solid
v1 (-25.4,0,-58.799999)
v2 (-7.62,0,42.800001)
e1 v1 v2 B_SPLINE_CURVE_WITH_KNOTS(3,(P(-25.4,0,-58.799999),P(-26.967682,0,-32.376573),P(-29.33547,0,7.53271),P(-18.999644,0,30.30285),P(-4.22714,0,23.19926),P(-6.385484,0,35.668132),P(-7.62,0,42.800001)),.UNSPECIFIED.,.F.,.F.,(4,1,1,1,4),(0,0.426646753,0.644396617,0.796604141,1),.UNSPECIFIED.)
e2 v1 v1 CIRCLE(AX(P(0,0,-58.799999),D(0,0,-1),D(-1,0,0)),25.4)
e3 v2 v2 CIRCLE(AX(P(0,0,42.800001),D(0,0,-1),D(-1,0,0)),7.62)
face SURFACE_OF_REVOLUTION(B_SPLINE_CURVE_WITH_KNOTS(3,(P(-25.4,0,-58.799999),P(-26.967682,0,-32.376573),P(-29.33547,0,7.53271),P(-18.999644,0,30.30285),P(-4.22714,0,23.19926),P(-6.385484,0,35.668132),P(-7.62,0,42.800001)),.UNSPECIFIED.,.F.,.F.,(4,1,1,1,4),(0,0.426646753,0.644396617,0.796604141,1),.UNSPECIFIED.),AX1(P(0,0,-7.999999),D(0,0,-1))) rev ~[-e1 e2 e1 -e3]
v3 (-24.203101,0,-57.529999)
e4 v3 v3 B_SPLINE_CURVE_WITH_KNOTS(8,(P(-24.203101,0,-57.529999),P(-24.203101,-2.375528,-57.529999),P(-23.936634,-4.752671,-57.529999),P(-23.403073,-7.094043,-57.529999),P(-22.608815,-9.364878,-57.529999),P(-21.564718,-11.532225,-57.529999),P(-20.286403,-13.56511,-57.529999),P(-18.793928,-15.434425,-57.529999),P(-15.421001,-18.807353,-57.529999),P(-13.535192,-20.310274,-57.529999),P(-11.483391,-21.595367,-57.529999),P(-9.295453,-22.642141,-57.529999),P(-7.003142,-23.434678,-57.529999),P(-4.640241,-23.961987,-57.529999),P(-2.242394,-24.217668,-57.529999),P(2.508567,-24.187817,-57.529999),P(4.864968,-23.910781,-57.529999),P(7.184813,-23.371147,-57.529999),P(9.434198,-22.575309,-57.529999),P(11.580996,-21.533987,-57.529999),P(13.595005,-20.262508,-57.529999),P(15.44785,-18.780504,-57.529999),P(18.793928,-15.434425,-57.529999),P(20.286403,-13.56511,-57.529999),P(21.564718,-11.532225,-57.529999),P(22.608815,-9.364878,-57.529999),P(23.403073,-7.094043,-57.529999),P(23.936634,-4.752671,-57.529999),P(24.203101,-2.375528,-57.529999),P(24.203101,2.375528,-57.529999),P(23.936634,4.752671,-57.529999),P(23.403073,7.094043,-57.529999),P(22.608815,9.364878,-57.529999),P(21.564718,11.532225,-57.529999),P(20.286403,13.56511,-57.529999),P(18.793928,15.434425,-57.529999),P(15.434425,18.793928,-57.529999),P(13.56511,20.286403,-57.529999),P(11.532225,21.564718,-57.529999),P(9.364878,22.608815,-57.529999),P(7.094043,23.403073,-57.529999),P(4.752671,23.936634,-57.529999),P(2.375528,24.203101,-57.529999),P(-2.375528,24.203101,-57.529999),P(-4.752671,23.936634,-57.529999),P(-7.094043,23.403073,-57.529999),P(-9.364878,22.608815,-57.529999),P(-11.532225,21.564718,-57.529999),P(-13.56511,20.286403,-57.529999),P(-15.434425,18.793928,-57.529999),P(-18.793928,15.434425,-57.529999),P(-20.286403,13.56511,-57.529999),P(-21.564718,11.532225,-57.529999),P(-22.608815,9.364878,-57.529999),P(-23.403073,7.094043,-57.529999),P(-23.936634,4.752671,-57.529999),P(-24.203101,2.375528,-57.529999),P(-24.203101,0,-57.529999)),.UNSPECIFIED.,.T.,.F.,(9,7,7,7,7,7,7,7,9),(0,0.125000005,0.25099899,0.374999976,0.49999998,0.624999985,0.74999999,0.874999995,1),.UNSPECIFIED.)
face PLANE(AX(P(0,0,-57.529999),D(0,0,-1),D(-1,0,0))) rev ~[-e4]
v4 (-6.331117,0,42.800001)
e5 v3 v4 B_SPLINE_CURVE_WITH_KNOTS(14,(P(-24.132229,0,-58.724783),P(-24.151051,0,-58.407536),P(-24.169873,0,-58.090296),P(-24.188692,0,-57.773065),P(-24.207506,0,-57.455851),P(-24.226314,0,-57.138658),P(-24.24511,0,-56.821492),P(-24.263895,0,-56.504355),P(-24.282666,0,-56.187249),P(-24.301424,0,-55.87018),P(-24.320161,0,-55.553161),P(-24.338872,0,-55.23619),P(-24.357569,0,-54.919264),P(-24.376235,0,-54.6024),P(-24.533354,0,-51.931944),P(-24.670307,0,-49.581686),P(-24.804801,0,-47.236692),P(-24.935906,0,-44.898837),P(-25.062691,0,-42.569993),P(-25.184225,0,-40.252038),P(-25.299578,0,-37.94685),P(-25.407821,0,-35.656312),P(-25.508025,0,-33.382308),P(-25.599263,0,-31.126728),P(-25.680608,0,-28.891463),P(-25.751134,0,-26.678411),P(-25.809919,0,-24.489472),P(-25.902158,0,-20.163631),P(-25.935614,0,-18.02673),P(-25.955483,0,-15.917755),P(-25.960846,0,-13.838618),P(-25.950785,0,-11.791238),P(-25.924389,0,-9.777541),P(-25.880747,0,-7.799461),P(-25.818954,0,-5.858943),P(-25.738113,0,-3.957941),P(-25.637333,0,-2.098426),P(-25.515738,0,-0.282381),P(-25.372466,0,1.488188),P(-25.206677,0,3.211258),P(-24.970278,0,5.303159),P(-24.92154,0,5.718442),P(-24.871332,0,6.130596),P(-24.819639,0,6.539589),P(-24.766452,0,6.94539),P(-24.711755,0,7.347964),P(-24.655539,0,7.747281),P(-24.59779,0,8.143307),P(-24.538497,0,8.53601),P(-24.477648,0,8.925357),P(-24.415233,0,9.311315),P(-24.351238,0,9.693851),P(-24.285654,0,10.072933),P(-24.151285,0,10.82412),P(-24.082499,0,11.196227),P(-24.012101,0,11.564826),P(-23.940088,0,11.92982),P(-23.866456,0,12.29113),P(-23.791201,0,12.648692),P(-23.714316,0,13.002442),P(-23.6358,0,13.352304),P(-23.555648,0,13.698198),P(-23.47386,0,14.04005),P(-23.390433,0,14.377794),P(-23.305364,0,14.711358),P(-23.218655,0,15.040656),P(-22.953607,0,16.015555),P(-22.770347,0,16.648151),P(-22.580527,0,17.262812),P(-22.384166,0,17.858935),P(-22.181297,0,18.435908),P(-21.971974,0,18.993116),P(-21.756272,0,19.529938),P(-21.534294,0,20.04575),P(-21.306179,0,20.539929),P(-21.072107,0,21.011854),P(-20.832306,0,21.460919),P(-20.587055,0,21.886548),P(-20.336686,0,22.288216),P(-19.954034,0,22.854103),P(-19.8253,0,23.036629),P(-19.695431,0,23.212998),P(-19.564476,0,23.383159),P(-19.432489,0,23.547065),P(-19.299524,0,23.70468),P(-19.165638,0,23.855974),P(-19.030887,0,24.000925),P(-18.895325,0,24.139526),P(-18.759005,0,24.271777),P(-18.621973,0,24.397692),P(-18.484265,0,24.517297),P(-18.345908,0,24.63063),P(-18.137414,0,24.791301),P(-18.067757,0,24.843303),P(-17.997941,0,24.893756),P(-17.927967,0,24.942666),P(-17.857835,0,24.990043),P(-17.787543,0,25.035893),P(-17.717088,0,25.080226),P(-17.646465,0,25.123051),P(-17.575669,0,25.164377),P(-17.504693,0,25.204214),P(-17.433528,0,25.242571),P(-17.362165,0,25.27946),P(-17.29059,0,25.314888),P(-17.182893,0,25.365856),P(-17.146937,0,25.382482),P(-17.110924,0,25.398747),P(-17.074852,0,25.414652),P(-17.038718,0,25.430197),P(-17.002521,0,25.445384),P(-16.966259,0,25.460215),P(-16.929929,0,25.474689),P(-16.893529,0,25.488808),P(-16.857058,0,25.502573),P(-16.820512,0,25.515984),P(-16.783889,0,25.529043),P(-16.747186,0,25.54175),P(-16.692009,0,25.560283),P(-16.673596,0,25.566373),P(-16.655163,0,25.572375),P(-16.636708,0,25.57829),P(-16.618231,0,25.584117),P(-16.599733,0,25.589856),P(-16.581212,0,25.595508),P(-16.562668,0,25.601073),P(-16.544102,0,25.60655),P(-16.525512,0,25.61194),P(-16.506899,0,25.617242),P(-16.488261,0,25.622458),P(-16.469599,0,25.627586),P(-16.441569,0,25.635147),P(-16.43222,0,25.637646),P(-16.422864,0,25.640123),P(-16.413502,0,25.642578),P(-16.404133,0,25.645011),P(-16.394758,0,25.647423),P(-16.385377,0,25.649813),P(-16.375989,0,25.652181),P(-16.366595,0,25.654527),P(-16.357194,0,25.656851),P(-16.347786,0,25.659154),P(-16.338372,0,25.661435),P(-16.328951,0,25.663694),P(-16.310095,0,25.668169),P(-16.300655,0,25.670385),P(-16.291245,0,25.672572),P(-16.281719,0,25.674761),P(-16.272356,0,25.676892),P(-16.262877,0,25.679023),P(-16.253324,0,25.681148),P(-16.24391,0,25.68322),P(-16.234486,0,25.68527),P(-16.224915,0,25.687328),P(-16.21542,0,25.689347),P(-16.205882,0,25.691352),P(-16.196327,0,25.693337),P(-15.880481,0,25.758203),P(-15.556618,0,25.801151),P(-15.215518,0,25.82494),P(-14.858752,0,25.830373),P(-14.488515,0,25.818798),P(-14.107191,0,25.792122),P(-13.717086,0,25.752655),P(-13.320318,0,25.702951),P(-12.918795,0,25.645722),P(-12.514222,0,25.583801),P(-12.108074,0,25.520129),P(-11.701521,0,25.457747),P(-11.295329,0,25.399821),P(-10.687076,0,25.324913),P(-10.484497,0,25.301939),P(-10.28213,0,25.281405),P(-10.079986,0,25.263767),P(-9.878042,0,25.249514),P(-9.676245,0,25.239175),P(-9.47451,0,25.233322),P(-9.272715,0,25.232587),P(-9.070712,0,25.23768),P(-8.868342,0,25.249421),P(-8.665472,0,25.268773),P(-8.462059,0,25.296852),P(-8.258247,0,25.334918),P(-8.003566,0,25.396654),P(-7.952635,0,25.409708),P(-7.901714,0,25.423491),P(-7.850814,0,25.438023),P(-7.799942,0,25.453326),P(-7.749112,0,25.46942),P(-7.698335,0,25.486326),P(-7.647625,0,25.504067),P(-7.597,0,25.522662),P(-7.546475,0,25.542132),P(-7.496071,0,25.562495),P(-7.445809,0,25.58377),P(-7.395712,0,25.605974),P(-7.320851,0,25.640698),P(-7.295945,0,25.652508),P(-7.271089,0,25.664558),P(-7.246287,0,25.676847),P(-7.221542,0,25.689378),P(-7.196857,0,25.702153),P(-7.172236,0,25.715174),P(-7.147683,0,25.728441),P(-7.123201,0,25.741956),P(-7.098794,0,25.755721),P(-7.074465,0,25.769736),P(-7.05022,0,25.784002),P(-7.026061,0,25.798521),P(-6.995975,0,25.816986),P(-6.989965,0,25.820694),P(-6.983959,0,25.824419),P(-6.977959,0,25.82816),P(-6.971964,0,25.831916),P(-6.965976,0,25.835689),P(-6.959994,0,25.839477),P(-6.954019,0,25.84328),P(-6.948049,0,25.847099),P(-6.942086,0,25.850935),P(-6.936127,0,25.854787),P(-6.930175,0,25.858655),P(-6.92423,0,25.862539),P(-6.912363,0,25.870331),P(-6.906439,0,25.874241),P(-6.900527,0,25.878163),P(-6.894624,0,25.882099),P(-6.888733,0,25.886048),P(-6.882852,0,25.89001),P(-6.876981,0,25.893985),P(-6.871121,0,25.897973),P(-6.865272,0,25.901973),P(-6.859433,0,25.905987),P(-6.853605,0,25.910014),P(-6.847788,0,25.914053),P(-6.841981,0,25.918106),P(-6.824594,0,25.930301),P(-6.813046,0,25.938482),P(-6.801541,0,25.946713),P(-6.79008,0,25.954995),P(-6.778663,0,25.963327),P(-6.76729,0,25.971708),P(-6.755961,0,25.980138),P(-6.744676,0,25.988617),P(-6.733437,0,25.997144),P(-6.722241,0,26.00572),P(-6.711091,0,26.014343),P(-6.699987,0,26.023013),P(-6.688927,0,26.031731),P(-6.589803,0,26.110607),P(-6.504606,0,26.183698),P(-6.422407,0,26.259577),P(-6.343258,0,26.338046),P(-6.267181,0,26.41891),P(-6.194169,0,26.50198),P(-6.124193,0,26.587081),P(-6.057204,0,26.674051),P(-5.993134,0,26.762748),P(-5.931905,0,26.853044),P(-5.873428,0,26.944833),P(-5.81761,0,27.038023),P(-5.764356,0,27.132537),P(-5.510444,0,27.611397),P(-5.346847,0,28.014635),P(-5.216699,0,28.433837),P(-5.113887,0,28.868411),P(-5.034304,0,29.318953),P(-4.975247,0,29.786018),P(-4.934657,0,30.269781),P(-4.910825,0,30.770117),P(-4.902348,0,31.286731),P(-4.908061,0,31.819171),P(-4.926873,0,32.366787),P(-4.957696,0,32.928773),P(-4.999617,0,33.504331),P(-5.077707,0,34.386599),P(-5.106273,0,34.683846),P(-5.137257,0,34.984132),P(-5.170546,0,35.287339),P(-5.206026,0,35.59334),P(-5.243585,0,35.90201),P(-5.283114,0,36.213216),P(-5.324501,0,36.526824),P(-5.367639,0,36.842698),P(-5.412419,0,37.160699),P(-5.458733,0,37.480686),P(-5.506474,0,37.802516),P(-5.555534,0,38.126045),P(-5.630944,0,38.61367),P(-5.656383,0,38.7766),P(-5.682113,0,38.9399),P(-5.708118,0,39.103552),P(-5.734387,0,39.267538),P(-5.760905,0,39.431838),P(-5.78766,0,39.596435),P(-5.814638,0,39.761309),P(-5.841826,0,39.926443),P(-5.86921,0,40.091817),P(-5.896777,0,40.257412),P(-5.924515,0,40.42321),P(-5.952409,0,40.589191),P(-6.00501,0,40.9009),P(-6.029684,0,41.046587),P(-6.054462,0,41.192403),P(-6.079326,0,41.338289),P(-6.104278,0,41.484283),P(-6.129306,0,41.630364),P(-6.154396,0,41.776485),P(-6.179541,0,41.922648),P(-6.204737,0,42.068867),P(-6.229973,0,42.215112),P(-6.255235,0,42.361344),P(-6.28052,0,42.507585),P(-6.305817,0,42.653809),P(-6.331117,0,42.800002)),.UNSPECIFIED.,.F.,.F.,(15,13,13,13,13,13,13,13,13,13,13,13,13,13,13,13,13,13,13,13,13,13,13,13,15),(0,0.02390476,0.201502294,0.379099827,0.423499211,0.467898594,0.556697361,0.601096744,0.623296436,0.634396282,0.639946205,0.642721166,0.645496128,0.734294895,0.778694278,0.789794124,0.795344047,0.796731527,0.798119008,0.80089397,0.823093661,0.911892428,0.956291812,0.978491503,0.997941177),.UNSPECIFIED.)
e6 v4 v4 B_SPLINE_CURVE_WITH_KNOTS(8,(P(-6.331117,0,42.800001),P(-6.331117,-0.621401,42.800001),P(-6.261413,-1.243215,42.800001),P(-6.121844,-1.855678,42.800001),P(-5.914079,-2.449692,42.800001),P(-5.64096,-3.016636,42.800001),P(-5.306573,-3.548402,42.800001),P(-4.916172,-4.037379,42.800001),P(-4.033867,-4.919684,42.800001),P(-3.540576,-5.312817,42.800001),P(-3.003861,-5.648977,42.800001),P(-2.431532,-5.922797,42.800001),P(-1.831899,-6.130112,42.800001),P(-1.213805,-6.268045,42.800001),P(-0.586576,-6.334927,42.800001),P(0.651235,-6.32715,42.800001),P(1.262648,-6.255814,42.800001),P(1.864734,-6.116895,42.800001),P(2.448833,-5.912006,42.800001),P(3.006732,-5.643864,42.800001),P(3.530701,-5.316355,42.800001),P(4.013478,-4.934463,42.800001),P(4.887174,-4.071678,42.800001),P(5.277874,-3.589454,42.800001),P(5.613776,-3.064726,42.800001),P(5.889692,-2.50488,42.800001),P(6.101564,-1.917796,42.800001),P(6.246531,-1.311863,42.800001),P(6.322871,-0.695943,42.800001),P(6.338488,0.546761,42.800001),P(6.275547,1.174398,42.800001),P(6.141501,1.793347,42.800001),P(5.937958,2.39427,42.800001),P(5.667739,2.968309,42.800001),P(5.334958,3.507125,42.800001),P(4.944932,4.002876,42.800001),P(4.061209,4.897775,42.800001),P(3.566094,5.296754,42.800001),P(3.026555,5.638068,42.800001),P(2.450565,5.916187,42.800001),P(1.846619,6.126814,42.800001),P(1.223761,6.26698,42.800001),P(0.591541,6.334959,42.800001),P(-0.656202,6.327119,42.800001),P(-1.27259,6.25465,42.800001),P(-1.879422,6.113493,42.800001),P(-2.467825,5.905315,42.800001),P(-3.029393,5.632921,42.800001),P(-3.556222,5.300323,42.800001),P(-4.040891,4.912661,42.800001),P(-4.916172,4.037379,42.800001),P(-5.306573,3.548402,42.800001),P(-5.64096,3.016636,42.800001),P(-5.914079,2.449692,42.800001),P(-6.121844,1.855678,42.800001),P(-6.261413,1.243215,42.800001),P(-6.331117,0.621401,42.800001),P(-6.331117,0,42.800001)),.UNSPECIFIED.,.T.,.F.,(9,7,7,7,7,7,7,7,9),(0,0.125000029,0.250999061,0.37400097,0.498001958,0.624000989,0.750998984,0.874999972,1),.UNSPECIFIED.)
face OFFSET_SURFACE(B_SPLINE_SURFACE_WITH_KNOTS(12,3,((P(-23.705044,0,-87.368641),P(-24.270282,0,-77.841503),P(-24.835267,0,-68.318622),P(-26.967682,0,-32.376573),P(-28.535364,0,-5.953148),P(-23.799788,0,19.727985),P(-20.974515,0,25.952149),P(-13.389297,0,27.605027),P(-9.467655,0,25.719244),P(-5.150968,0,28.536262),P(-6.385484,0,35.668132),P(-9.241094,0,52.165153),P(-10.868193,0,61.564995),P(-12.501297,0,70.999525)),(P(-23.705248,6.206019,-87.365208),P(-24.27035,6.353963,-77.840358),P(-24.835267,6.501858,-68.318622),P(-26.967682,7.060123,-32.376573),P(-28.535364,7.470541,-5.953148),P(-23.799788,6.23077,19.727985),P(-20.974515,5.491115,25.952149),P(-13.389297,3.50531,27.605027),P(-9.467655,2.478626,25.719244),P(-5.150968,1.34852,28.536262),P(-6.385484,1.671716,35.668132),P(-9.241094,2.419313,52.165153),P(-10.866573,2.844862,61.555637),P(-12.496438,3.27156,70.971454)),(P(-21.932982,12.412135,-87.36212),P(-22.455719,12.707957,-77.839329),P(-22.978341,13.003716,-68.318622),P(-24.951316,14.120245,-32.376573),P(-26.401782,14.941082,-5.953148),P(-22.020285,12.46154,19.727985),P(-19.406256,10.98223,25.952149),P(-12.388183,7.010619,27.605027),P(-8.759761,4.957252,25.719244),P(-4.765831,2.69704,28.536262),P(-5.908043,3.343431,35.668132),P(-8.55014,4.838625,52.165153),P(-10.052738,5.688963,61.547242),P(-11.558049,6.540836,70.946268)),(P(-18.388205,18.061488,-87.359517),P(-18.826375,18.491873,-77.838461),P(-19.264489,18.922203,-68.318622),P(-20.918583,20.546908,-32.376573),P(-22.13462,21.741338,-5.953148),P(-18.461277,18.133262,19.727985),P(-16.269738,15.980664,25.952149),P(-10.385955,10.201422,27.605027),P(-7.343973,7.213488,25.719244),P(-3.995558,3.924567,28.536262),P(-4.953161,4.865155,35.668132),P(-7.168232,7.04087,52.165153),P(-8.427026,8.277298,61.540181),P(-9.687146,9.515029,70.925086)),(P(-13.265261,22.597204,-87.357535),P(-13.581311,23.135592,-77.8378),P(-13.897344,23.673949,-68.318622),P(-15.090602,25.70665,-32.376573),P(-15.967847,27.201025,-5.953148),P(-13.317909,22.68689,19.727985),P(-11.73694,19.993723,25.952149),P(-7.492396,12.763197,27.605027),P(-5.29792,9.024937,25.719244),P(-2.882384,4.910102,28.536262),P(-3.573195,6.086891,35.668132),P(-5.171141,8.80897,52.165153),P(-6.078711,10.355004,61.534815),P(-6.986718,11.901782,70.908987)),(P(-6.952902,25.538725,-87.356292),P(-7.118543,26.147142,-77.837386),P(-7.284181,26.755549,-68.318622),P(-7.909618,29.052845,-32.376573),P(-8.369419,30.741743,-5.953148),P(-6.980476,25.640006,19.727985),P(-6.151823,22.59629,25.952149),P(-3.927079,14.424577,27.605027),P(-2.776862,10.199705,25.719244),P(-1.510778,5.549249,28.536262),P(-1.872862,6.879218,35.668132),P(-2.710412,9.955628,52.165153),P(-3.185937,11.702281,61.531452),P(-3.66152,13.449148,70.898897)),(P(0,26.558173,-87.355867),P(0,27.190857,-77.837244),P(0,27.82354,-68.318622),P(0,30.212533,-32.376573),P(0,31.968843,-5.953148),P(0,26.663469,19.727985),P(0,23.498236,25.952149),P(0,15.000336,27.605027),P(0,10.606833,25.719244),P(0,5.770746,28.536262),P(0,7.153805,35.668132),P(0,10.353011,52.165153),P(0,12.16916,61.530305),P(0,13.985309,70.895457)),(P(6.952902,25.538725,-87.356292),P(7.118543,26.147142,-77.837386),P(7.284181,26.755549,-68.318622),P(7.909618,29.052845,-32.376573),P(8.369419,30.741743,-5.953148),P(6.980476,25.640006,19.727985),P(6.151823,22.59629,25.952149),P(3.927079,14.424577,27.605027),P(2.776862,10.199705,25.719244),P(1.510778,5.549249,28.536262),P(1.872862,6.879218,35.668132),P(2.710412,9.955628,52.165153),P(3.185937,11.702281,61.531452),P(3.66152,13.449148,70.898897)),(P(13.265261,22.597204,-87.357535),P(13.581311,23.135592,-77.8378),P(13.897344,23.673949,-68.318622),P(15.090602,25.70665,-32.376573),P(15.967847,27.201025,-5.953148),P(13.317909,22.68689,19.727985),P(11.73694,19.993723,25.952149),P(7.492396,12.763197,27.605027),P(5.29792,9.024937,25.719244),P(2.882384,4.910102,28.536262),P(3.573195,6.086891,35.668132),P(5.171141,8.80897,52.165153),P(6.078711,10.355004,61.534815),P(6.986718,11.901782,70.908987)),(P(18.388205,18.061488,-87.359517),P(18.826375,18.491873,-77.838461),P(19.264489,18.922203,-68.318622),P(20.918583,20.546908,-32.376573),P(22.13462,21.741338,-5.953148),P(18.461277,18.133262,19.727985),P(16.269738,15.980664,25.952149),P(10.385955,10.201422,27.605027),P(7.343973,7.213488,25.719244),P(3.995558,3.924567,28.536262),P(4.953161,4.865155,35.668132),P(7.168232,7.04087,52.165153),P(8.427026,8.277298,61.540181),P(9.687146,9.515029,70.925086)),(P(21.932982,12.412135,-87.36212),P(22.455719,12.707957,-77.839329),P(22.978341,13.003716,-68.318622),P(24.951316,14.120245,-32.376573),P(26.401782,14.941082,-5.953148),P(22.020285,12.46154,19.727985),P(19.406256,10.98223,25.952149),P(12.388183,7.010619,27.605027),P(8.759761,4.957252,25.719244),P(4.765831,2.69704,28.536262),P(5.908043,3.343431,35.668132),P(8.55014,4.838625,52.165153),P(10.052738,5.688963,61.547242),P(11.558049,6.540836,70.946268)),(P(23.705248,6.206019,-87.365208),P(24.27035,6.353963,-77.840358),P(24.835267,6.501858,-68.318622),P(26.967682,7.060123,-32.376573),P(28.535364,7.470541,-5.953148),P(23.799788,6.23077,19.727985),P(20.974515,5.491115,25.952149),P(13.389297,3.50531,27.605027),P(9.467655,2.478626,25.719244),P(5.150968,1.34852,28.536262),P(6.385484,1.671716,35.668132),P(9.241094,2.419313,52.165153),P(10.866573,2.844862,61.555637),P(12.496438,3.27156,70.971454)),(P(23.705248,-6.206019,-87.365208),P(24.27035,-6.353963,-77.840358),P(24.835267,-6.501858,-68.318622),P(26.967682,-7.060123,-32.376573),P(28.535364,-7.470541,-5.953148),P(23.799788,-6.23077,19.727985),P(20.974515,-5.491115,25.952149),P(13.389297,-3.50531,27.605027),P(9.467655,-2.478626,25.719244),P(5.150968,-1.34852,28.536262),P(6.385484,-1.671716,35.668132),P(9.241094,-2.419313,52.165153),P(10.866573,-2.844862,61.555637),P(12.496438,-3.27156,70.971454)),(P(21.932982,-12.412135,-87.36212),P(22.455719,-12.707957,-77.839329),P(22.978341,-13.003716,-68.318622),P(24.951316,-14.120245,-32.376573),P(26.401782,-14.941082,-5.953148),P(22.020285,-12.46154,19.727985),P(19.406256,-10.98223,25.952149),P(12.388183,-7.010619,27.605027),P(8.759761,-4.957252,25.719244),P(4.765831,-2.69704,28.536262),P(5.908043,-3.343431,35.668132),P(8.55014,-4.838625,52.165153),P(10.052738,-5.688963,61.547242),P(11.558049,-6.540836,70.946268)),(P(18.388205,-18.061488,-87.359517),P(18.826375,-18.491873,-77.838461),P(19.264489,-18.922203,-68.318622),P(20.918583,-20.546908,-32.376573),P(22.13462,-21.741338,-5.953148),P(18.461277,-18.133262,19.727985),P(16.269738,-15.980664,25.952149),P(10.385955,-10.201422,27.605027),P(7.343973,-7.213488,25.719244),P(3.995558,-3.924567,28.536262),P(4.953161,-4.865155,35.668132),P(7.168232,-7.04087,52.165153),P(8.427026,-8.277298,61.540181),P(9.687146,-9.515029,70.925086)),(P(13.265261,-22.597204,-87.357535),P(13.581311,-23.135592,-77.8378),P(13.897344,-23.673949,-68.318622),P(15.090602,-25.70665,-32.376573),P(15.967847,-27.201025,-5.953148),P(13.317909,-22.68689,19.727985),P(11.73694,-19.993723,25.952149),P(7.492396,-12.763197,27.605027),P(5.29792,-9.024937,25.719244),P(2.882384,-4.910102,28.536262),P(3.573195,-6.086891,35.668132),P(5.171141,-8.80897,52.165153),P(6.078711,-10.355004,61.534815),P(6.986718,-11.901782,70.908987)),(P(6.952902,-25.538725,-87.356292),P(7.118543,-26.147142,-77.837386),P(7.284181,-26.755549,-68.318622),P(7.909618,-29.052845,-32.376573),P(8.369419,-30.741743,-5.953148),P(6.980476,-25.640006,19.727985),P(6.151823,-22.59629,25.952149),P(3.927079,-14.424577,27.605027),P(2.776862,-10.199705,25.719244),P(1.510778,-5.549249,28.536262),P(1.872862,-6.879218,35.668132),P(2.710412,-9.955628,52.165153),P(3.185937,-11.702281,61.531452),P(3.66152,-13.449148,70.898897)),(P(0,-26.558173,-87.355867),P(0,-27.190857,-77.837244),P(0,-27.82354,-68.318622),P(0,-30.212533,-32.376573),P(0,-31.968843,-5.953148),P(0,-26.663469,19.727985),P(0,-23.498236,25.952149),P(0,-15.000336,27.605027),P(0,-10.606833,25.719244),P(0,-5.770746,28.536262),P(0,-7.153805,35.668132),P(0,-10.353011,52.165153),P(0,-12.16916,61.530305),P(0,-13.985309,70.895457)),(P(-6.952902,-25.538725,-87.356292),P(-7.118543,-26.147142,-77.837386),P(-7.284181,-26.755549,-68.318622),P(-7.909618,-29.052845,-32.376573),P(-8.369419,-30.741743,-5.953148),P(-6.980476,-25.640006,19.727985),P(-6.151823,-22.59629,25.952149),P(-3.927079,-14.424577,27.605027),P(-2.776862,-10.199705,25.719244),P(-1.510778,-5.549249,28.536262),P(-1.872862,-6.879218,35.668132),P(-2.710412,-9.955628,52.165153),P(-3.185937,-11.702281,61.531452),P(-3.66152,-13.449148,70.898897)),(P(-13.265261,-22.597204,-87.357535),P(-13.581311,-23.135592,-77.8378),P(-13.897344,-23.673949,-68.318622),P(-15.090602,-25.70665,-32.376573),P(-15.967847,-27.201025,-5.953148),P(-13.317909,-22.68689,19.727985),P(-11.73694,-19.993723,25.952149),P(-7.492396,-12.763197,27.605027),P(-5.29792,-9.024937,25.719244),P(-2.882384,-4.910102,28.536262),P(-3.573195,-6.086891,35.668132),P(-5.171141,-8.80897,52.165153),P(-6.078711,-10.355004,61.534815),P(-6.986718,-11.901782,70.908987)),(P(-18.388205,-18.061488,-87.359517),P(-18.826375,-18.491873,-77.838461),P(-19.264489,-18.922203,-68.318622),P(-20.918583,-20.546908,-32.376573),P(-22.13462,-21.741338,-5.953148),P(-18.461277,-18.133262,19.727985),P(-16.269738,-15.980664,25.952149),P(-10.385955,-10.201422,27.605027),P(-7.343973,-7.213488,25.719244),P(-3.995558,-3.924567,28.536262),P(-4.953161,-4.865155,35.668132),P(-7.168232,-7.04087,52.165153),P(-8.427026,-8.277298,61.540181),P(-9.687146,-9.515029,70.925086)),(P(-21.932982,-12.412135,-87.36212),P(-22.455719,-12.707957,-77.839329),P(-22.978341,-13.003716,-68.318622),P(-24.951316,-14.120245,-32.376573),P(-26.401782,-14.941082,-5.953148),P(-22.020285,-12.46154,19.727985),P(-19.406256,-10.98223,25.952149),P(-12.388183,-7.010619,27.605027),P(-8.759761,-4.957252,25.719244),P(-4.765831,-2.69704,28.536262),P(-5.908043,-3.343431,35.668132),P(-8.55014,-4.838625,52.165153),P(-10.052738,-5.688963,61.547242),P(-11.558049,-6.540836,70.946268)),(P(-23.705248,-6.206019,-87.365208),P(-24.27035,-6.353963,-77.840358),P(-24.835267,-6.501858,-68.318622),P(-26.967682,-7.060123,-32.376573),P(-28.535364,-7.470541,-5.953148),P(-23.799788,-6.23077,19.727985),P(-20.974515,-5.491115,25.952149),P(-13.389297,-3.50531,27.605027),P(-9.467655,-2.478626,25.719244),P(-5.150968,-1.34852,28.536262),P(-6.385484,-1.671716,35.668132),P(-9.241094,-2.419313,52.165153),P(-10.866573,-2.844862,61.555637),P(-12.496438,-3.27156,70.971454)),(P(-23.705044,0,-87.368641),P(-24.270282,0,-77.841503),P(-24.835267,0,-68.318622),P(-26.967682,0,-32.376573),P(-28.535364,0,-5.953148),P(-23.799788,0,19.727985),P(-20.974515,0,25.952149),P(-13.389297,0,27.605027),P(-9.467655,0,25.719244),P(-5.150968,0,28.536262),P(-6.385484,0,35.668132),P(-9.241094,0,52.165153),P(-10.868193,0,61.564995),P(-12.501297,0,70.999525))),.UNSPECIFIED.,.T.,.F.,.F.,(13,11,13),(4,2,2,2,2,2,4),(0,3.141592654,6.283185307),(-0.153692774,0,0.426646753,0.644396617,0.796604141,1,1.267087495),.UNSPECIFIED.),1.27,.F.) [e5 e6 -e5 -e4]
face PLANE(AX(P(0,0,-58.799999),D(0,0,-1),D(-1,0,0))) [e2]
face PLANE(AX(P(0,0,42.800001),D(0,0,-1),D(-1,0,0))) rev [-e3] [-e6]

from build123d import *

# Parameters (mm, degrees)
F2_T = -1.27


with BuildPart() as f1:
    # F0 (on Front) → F1 (revolve)
    with BuildSketch(Plane.XZ):
        with BuildLine():
            Line((-25.4, -58.7999987483), (0, -58.7999987483))
            Line((0, -58.7999987483), (0, 42.8000012517))
            Line((0, 42.8000012517), (-7.62, 42.8000012517))
            add(Edge.make_bspline(
                [(-25.4, -58.7999987483), (-26.9676819933, -32.3765732897), (-29.335469783, 7.5327096071), (-18.9996435491, 30.3028500858), (-4.2271401895, 23.1992601453), (-6.3854837714, 35.6681318728), (-7.62, 42.8000012517)],
                knots=[0, 0, 0, 0, 0.4266467534, 0.6443966172, 0.7966041409, 1, 1, 1, 1], degree=3))
        make_face()
    revolve(axis=Axis((0, 0, -7.9999987483), (0, 0, -1)))

    # F2
    f2_openings = [f1.faces().sort_by_distance(p)[0] for p in [
        (0, 0, 42.800001),
    ]]
    offset(amount=F2_T, openings=f2_openings)


solid = f1.part
